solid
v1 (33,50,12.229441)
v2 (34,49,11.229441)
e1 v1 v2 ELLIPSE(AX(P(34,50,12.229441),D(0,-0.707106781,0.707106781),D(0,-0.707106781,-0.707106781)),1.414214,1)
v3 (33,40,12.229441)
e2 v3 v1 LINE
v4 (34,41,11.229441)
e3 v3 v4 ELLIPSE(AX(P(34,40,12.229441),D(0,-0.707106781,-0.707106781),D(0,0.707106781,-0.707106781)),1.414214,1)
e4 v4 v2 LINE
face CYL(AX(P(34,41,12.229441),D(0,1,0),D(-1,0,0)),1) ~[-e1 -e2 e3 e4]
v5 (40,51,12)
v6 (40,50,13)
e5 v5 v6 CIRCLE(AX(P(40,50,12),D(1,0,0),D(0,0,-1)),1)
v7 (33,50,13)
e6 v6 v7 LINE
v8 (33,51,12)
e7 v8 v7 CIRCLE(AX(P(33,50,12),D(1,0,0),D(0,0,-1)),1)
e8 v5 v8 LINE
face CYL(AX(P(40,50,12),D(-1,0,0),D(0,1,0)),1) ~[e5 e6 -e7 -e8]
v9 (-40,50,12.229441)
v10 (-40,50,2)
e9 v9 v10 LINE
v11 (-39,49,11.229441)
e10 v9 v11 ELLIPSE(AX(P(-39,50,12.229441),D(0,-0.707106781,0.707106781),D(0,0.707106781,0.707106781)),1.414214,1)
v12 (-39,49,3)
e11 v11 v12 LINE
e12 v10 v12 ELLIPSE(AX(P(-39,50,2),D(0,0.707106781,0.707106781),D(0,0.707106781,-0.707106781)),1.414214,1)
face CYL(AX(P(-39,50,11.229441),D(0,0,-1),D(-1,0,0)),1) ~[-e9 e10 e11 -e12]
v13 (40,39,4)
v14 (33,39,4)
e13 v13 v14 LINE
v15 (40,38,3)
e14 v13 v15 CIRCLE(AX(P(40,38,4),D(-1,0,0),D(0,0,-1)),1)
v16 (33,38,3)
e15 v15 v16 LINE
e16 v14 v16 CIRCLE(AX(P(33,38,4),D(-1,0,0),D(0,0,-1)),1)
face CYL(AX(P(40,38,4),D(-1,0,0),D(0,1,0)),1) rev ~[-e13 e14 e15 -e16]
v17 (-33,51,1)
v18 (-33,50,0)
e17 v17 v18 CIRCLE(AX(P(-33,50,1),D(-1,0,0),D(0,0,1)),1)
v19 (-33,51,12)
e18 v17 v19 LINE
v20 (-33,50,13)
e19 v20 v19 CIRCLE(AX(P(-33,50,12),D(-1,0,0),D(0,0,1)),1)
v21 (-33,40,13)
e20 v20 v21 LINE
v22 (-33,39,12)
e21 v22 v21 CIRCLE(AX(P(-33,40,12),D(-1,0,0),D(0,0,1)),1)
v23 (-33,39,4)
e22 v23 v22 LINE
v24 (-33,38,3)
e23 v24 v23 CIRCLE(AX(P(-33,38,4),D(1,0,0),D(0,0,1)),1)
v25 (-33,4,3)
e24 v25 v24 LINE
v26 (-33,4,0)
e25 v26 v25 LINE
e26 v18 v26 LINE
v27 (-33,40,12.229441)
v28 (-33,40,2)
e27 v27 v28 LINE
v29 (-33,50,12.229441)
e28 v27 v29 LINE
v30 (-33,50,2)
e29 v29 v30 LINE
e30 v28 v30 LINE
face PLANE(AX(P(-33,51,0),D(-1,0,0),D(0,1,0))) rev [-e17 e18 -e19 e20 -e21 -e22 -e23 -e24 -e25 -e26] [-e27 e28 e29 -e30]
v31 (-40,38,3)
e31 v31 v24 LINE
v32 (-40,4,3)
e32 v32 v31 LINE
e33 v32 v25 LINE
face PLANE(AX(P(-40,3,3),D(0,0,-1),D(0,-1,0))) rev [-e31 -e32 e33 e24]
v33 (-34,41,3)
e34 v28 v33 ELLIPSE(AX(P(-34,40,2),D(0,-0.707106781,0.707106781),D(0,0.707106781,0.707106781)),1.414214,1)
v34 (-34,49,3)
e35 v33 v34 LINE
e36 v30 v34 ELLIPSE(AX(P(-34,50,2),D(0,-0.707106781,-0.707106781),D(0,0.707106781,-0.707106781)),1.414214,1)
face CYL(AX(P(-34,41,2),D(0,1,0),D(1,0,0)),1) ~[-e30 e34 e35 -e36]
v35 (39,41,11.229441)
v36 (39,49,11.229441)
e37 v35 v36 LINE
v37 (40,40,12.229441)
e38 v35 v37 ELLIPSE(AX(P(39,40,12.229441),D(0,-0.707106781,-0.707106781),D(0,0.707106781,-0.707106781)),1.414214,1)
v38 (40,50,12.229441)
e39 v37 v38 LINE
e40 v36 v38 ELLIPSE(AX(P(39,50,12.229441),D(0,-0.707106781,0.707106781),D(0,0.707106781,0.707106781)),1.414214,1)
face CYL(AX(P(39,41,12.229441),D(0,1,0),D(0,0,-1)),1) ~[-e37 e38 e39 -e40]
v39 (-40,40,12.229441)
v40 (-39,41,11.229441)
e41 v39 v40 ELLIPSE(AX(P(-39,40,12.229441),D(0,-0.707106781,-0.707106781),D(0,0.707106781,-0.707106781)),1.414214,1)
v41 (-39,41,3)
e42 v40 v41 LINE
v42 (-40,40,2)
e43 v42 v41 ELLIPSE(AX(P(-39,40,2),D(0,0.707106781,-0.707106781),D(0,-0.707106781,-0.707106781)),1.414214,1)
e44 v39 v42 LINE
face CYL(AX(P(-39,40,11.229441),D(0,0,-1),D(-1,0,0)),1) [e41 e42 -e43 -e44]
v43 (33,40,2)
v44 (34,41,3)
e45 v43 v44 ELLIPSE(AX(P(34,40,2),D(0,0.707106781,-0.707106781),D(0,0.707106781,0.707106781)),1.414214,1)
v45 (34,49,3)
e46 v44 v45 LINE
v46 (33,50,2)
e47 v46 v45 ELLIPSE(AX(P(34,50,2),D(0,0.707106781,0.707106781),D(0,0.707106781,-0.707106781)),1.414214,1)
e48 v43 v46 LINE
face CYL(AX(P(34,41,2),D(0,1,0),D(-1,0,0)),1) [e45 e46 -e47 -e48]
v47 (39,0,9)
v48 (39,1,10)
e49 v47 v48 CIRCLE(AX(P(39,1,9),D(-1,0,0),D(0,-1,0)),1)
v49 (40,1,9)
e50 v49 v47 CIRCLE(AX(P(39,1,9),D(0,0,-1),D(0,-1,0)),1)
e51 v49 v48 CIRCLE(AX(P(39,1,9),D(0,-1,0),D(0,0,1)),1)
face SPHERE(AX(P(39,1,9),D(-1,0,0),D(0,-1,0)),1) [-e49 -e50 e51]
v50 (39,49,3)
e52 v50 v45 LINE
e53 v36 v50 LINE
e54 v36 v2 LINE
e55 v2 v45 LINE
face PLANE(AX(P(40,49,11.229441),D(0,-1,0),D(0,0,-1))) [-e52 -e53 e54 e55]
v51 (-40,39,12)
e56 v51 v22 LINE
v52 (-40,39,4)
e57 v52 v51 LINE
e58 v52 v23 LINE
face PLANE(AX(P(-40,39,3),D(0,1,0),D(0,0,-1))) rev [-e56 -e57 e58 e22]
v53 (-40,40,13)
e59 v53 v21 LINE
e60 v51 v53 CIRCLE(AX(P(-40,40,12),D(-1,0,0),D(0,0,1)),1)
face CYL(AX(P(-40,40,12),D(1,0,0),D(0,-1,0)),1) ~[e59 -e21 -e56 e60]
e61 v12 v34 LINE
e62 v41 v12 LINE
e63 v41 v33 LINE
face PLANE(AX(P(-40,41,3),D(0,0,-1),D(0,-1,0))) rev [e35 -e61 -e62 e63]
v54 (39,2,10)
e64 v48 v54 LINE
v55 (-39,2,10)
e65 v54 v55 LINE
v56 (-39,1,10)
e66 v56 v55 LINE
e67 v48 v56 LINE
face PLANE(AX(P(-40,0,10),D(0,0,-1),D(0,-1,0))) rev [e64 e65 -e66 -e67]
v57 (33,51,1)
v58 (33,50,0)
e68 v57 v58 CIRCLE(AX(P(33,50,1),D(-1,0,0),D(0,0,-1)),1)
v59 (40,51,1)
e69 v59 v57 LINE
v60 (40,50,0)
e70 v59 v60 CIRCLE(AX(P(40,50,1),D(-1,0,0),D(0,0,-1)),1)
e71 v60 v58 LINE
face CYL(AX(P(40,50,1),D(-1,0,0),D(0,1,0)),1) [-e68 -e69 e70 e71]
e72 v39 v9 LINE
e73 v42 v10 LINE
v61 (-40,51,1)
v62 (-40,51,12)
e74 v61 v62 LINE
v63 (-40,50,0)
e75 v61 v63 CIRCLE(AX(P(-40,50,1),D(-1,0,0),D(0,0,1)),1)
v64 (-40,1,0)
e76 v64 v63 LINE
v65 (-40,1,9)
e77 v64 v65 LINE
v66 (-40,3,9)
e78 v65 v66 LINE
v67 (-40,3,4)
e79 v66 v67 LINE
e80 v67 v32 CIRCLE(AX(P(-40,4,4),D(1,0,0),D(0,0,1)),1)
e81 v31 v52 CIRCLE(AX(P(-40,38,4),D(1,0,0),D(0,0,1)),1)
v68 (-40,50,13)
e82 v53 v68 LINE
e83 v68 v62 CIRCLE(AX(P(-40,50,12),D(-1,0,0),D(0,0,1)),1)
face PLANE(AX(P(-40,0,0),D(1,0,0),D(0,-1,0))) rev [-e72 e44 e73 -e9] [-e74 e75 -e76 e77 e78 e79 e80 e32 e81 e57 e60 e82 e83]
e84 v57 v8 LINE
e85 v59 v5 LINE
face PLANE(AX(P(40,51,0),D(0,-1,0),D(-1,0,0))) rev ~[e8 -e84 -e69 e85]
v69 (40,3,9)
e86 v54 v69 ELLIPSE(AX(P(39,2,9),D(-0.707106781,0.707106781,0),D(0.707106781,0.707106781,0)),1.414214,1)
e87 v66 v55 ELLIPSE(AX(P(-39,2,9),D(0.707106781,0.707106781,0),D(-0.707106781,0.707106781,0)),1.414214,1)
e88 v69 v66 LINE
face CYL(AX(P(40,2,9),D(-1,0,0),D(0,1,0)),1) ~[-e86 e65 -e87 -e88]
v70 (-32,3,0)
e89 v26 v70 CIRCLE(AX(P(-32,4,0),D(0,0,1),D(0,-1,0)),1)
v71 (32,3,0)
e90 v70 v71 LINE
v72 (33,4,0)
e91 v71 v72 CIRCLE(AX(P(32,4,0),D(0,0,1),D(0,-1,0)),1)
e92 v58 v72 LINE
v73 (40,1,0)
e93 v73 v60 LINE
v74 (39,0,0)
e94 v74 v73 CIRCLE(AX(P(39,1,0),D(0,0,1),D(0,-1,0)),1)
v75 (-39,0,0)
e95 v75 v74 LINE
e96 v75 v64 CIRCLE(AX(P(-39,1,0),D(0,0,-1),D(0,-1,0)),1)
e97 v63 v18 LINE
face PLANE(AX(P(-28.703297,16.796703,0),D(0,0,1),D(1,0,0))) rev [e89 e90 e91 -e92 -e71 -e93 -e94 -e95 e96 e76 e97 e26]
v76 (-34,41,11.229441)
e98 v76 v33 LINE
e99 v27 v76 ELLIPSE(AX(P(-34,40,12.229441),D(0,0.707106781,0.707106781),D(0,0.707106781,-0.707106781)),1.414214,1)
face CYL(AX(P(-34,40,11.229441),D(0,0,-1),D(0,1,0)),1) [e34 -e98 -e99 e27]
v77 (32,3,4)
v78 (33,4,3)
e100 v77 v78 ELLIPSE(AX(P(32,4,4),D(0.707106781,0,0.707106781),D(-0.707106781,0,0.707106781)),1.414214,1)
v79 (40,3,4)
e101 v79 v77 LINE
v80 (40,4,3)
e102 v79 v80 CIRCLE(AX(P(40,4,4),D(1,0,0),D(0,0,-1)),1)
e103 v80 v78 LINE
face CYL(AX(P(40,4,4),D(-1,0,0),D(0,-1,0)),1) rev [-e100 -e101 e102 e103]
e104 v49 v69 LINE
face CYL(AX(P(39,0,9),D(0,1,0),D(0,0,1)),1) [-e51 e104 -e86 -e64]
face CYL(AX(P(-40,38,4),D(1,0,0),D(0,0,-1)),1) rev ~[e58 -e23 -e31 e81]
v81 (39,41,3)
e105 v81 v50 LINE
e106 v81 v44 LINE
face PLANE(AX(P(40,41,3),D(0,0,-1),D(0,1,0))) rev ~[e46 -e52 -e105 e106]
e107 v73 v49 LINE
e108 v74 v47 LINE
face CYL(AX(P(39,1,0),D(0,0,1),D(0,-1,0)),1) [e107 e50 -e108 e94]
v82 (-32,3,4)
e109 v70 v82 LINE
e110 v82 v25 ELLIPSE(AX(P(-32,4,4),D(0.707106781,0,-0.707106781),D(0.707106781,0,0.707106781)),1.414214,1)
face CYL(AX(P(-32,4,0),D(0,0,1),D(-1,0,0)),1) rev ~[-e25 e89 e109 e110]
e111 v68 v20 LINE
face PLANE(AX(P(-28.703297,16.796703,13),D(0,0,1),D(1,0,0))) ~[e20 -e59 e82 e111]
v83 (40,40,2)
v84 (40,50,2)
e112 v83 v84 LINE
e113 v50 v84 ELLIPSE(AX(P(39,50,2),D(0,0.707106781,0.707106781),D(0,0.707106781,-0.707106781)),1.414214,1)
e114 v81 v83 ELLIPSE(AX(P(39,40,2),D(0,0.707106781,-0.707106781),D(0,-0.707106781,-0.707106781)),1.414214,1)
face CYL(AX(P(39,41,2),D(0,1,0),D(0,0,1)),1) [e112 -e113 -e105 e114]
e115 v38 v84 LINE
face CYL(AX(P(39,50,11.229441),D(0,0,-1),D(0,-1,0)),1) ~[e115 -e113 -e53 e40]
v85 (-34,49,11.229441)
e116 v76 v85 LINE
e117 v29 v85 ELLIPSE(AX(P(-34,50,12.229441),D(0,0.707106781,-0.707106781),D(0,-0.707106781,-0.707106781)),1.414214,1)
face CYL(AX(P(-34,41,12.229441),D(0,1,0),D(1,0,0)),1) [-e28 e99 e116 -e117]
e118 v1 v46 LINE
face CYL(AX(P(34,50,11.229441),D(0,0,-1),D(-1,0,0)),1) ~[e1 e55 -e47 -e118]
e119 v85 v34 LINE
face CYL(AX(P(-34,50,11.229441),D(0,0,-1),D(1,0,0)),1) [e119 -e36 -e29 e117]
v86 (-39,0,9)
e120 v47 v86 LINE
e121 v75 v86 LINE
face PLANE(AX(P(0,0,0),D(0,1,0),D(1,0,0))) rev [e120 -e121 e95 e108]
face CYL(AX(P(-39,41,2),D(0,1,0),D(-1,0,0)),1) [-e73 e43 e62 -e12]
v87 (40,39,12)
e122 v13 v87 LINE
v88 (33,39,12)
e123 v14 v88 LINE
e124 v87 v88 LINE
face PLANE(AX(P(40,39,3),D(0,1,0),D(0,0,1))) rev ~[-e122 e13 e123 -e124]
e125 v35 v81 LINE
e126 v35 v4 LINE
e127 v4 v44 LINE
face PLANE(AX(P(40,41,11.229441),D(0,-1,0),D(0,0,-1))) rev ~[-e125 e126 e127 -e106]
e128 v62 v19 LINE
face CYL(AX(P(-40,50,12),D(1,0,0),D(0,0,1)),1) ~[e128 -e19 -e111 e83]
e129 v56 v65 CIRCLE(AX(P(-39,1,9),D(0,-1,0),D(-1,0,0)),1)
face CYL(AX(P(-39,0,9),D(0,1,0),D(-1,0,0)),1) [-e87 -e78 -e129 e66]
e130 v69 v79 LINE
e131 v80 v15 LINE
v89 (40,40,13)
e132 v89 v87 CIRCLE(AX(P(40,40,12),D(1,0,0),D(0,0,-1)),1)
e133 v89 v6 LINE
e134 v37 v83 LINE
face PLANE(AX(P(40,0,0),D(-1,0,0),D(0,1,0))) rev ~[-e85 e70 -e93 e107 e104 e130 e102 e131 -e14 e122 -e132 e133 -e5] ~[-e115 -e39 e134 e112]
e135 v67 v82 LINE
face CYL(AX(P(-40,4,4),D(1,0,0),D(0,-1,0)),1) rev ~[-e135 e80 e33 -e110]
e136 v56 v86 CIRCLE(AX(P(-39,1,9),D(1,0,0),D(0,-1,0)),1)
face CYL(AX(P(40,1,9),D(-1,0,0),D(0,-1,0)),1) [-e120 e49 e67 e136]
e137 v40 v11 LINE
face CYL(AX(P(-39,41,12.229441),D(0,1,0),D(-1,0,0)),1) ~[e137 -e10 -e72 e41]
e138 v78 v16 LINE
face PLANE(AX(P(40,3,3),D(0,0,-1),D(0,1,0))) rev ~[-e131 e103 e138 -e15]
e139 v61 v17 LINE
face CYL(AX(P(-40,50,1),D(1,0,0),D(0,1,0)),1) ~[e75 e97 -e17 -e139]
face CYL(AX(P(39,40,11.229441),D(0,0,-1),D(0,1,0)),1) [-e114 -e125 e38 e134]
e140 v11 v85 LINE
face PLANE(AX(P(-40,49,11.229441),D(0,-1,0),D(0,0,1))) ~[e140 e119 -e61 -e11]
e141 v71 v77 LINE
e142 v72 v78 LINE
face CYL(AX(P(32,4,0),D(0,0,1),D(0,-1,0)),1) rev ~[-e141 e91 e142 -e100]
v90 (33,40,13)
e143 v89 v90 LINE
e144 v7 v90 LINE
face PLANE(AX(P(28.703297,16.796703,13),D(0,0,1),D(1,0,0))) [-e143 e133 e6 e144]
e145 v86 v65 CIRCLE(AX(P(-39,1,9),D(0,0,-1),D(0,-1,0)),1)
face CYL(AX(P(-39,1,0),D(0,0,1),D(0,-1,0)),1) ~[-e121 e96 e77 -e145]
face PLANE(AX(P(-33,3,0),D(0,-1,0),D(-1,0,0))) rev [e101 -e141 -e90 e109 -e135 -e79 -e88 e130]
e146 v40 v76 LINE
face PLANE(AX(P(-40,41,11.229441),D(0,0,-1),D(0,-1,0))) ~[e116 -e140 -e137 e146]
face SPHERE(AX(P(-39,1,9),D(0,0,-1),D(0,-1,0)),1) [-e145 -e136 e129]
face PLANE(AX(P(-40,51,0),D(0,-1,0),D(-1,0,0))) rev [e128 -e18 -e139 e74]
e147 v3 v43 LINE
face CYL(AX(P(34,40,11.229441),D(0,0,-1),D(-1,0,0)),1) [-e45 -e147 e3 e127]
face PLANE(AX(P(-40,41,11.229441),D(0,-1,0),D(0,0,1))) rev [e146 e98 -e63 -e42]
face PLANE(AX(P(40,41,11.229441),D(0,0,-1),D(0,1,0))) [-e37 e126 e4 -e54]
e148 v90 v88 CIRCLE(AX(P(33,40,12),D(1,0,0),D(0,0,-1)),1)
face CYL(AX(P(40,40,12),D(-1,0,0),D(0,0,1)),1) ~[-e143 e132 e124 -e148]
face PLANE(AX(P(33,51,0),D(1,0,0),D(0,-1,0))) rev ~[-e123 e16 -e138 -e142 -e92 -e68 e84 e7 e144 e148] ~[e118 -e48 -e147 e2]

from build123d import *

# Parameters (mm, degrees)
BOSS_EXTRUDE1_DEPTH = 13
SKETCH2_W           = 8.229441325
SKETCH2_H           = 8
CUT_EXTRUDE1_DEPTH  = 100
FILLET1_R           = 1


with BuildPart() as part:
    # Sketch1 → Boss-Extrude1 (new body)
    with BuildSketch(Plane.XY):
        Polygon((0, 0), (40, 0), (40, 51), (33, 51), (33, 3), (0, 3), align=None)
    extrude(amount=BOSS_EXTRUDE1_DEPTH)

    # Sketch2 → Cut-Extrude1 (cut)
    with BuildSketch(Plane(origin=(40, 0, 0), x_dir=(0, 0, -1), z_dir=(1, 0, 0))):
        Polygon((-3, 39), (-13, 39), (-13, 0), (-10, 0), (-10, 3), (-3, 3), align=None)
        with Locations((-7.114720663, 45)):
            Rectangle(SKETCH2_W, SKETCH2_H)
    extrude(amount=-CUT_EXTRUDE1_DEPTH, mode=Mode.SUBTRACT)

    # Mirror2: part across plane


with BuildPart() as part_1:
    add(part.part)
    add(part.part.mirror(Plane(origin=(0, 0, 13), x_dir=(0, 0, 1), z_dir=(1, 0, 0))))

    # Fillet1
    fillet1_edges = [part_1.edges().sort_by_distance(p)[0] for p in [
        (-40, 0, 5),
        (0, 0, 10),
        (40, 0, 5),
        (40, 1.5, 10),
        (40, 41, 7.114720663),
        (40, 45, 11.229441325),
        (40, 49, 7.114720663),
        (40, 45, 3),
        (33, 45, 3),
        (33, 3, 1.5),
        (33, 49, 7.114720663),
        (33, 45, 11.229441325),
        (33, 41, 7.114720663),
        (36.5, 3, 3),
        (0, 3, 10),
        (-36.5, 3, 3),
        (-33, 3, 1.5),
        (-33, 45, 3),
        (-33, 49, 7.114720663),
        (-33, 45, 11.229441325),
        (-33, 41, 7.114720663),
        (-40, 41, 7.114720663),
        (-40, 45, 11.229441325),
        (-40, 49, 7.114720663),
        (-40, 45, 3),
        (-36.5, 51, 0),
        (-36.5, 51, 13),
        (-36.5, 39, 13),
        (-36.5, 39, 3),
        (36.5, 39, 3),
        (36.5, 39, 13),
        (36.5, 51, 13),
        (36.5, 51, 0),
        (-40, 1.5, 10),
    ]]
    fillet(fillet1_edges, radius=FILLET1_R)


solid = part_1.part
